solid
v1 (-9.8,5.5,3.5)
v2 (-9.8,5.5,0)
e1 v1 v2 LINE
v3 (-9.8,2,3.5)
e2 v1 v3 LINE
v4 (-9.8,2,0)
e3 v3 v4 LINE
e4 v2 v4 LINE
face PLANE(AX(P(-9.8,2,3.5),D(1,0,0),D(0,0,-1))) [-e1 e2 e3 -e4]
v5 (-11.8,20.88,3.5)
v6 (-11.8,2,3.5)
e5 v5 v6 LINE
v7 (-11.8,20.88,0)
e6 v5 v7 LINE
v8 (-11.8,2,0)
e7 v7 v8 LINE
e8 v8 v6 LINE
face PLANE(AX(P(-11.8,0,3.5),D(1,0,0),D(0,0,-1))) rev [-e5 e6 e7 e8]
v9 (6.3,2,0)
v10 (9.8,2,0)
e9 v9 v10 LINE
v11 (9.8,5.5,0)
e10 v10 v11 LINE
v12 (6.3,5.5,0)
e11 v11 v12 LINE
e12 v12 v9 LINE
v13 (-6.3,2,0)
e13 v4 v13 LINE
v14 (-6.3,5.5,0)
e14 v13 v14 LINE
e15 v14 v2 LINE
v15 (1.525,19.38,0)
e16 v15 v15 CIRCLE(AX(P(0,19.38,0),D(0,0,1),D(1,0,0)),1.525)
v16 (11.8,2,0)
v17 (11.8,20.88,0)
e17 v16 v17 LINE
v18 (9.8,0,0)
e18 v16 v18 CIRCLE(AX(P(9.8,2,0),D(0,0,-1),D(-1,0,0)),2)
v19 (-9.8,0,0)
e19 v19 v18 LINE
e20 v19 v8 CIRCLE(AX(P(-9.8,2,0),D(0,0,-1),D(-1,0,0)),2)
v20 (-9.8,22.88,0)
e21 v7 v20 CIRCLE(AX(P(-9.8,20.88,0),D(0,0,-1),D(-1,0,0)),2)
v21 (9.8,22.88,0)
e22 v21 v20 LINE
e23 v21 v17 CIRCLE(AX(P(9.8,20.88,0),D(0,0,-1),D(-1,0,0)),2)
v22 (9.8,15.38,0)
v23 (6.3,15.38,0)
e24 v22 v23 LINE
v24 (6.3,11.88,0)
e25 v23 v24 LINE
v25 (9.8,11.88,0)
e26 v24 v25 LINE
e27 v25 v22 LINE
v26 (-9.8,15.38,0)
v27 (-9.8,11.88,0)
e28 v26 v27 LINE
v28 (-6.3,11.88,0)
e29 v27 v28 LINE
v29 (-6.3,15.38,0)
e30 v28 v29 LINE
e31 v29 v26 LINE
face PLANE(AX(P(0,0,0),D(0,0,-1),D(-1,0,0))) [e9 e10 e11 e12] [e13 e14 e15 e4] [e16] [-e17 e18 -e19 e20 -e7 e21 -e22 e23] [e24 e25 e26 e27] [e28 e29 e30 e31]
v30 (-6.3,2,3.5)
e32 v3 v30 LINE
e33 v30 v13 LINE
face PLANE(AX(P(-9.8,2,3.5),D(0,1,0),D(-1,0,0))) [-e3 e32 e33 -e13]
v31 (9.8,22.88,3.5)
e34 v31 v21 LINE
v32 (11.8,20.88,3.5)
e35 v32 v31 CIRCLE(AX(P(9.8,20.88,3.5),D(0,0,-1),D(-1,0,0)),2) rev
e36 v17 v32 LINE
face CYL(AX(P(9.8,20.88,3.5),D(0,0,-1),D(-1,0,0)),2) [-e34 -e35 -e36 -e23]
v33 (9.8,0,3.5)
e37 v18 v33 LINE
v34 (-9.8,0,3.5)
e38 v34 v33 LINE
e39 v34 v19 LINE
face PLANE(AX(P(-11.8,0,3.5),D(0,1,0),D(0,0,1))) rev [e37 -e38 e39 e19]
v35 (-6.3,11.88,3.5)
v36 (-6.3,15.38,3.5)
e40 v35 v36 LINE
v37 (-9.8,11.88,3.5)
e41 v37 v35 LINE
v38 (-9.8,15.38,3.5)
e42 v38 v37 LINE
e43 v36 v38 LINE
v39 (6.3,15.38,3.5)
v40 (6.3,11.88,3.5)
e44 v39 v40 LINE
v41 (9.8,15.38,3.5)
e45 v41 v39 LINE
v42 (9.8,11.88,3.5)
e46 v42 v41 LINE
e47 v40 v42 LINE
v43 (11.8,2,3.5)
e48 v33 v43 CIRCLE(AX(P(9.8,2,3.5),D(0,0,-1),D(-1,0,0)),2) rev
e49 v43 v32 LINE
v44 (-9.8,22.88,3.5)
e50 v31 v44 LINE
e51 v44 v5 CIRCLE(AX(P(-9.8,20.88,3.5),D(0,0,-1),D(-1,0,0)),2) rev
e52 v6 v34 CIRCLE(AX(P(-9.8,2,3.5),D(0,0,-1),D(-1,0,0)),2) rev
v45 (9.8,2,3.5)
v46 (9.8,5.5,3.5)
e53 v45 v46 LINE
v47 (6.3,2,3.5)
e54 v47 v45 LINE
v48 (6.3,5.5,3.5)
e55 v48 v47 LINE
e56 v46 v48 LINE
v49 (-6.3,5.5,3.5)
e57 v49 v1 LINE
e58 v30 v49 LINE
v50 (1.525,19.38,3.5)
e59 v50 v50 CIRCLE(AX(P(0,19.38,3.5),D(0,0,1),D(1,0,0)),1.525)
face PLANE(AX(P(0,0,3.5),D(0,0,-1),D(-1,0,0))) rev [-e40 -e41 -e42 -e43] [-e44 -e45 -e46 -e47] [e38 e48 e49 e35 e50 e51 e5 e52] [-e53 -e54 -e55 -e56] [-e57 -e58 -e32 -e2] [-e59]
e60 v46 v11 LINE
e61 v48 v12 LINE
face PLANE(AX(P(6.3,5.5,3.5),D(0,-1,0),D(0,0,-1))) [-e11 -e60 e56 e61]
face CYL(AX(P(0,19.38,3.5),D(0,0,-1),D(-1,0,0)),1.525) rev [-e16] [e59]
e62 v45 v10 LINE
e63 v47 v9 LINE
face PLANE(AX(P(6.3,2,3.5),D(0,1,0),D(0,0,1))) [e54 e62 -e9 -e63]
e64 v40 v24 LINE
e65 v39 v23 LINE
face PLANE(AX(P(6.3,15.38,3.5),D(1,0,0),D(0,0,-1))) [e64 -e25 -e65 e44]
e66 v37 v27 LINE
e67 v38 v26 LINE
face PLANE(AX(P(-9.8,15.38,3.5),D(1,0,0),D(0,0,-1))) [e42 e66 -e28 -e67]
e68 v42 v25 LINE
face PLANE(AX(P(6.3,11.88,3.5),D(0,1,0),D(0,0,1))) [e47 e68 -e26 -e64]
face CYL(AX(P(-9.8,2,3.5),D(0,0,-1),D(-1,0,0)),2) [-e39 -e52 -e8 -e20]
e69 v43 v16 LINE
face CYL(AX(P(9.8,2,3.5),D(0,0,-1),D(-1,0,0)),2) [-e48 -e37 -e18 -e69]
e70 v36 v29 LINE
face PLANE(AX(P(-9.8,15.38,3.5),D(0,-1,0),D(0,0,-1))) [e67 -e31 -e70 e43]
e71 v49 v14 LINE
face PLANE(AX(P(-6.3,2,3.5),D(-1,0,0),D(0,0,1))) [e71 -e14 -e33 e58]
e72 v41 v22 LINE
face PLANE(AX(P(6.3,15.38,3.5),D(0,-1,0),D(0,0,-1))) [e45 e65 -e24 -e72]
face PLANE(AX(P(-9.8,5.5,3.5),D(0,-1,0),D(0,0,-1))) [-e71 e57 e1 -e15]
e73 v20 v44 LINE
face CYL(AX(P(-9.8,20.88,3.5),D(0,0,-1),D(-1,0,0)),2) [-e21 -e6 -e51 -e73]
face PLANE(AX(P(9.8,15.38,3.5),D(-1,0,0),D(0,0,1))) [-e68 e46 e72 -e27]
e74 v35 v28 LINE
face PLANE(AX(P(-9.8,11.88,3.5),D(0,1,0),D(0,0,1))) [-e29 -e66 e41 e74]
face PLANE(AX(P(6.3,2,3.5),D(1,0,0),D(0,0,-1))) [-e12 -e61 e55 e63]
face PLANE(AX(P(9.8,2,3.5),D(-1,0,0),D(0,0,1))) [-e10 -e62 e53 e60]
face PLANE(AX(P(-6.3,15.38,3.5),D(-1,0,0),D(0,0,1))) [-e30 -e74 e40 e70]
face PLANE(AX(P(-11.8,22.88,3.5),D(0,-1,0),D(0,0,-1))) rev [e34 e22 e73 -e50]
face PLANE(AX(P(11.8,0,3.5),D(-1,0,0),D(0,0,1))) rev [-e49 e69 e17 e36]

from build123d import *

# Parameters (mm, degrees)
SKETCH1_W           = 23.6
SKETCH1_H           = 22.88
SKETCH1_R           = 1.525
SKETCH1_W_2         = 3.5
SKETCH1_H_2         = 3.5
BOSS_EXTRUDE1_DEPTH = 3.5
FILLET1_R           = 2


with BuildPart() as part:
    # Sketch1 → Boss-Extrude1 (new body)
    with BuildSketch(Plane.XY):
        with Locations((0, 11.44)):
            Rectangle(SKETCH1_W, SKETCH1_H)
        with Locations((0, 19.38)):
            Circle(SKETCH1_R, mode=Mode.SUBTRACT)
        with Locations((-8.05, 3.75)):
            Rectangle(SKETCH1_W_2, SKETCH1_H_2, mode=Mode.SUBTRACT)
        with Locations((8.05, 3.75)):
            Rectangle(SKETCH1_W_2, SKETCH1_H_2, mode=Mode.SUBTRACT)
        with Locations((8.05, 13.63)):
            Rectangle(SKETCH1_W_2, SKETCH1_H_2, mode=Mode.SUBTRACT)
        with Locations((-8.05, 13.63)):
            Rectangle(SKETCH1_W_2, SKETCH1_H_2, mode=Mode.SUBTRACT)
    extrude(amount=BOSS_EXTRUDE1_DEPTH)

    # Fillet1
    fillet1_edges = [part.edges().sort_by_distance(p)[0] for p in [
        (-11.8, 22.88, 1.75),
        (11.8, 22.88, 1.75),
        (11.8, 0, 1.75),
        (-11.8, 0, 1.75),
    ]]
    fillet(fillet1_edges, radius=FILLET1_R)


solid = part.part
